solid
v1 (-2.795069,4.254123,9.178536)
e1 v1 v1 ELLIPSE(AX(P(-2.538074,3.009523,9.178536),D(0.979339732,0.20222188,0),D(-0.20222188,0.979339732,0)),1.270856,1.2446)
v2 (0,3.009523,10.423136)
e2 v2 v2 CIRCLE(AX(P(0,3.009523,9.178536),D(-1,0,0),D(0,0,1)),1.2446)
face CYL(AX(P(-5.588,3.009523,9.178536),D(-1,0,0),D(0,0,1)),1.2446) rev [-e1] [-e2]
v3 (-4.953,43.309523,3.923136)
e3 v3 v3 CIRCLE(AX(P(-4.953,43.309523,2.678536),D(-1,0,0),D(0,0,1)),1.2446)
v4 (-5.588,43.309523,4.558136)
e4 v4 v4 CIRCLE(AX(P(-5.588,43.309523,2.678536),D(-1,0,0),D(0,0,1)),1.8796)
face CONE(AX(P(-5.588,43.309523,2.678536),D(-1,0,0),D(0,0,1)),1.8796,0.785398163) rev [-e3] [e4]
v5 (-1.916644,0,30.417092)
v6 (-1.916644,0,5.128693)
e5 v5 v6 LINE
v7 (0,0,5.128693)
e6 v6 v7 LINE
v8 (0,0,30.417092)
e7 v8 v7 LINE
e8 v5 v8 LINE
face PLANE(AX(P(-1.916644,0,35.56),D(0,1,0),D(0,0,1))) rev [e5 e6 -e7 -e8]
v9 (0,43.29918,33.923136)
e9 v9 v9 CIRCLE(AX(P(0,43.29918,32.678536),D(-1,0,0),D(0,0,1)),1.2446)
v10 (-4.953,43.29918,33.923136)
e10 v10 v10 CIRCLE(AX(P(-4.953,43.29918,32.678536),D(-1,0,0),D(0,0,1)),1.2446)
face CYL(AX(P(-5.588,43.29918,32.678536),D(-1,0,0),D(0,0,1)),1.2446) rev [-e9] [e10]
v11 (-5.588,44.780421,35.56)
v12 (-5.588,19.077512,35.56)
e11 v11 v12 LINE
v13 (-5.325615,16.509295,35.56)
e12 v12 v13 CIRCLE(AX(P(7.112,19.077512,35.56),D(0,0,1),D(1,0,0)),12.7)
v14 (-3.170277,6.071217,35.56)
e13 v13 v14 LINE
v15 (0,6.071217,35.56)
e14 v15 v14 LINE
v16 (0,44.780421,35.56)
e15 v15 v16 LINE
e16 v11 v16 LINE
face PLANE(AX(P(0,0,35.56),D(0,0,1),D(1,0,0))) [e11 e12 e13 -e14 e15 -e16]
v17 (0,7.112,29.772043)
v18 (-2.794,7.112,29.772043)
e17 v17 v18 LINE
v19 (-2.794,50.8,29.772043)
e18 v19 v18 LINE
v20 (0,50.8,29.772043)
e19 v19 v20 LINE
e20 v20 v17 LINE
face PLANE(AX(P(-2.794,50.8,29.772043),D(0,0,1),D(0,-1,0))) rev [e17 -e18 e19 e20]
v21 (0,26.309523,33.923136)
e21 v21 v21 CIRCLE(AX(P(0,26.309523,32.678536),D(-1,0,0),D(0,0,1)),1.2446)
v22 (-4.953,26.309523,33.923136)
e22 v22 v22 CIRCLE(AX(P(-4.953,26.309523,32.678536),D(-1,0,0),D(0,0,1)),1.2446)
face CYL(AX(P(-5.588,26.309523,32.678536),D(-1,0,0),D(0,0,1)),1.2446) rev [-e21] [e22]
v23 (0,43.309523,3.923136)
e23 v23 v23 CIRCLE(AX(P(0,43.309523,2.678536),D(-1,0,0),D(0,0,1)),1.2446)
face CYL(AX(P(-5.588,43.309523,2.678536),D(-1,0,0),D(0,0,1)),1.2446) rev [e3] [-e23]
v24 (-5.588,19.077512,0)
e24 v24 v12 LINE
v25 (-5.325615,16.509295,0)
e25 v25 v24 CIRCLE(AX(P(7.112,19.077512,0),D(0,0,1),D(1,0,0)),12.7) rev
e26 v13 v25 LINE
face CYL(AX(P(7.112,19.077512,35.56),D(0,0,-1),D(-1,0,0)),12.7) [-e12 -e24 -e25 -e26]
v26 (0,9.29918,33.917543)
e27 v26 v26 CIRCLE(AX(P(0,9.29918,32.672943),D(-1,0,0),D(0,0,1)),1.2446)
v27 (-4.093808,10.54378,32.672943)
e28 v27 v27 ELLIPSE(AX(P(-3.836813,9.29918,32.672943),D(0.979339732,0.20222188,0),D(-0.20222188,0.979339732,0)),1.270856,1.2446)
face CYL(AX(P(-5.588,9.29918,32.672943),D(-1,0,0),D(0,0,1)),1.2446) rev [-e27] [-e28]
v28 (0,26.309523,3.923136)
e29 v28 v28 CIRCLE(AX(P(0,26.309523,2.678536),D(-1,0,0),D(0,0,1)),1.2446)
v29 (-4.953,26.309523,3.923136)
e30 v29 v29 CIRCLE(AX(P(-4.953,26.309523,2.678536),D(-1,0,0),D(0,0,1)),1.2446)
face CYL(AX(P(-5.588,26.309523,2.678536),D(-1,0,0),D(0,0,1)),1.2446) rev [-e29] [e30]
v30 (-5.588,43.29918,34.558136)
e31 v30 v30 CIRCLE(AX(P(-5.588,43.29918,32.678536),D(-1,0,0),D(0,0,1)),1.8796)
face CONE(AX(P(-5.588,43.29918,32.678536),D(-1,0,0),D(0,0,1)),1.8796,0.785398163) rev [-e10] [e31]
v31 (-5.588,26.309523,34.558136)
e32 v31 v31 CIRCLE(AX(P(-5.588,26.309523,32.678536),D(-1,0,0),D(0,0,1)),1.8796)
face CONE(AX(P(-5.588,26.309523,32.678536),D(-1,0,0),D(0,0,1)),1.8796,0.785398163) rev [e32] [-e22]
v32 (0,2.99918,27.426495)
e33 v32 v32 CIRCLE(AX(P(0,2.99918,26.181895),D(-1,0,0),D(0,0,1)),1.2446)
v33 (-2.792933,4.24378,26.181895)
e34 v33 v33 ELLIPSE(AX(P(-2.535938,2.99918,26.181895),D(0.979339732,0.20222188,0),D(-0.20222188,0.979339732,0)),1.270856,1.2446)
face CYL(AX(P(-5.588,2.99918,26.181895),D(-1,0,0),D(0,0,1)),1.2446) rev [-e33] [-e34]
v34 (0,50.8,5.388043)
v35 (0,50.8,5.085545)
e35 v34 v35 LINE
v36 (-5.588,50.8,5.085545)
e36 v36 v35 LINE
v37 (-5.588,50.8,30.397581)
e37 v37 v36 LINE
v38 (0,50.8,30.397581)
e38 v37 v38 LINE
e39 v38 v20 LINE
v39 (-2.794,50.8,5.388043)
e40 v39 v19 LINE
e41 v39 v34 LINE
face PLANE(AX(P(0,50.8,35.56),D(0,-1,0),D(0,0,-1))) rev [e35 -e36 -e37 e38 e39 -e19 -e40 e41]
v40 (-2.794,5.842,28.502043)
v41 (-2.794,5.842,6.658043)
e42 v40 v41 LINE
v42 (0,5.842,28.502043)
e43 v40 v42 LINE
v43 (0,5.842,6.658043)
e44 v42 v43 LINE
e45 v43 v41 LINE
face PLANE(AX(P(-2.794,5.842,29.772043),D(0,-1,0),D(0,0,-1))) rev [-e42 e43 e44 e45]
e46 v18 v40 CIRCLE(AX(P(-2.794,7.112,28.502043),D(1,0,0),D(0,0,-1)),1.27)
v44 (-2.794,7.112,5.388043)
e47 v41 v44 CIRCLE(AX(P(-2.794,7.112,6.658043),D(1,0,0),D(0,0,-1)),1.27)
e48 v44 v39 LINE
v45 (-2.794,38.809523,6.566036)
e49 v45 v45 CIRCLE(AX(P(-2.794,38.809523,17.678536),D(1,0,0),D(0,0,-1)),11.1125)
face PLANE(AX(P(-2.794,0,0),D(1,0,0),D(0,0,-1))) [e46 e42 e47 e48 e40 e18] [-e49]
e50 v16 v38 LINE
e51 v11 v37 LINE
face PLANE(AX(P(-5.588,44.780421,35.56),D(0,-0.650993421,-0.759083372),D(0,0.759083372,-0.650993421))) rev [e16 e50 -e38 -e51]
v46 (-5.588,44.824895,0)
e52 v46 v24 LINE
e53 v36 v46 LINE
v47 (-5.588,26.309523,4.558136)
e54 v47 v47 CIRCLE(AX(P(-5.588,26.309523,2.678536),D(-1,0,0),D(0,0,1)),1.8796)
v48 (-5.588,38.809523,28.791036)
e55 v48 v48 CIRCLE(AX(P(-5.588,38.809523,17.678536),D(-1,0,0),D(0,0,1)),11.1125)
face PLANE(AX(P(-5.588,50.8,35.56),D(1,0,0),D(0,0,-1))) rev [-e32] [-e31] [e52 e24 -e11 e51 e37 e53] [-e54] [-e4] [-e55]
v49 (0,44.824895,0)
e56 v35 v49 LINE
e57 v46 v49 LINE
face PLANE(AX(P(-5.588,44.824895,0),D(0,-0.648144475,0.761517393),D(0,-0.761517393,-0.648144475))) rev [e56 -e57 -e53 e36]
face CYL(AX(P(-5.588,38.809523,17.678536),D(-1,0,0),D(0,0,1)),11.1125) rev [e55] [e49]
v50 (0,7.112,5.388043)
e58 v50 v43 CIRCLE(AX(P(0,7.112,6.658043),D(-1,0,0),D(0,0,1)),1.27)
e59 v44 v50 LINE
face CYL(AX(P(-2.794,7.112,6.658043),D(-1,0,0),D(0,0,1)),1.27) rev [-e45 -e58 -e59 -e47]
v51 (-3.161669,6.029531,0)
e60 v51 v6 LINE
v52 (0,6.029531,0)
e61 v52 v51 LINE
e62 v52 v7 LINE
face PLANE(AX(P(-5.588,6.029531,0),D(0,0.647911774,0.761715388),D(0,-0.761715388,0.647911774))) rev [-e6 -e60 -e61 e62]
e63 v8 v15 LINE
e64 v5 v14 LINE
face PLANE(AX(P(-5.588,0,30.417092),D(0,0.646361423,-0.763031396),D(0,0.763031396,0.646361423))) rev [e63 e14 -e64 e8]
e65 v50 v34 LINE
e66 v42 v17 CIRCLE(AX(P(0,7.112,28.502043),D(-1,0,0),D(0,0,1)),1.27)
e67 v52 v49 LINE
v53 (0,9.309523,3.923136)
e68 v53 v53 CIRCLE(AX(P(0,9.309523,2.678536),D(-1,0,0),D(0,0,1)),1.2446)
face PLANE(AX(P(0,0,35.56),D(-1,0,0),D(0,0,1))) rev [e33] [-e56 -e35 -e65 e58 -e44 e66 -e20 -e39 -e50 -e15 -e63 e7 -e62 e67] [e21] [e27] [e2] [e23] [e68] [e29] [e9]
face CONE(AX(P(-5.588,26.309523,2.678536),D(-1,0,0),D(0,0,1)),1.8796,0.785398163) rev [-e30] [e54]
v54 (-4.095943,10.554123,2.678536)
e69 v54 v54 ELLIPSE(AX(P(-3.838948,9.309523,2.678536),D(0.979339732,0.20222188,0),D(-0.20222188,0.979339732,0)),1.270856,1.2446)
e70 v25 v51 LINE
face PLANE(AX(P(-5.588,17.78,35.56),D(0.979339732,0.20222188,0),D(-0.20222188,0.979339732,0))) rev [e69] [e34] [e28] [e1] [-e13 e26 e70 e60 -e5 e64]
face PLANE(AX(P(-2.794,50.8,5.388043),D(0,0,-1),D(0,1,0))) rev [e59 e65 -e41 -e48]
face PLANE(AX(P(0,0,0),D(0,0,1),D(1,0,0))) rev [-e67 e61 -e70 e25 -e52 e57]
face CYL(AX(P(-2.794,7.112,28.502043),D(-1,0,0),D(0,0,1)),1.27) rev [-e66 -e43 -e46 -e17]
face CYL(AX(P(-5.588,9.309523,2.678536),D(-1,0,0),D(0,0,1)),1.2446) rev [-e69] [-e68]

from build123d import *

# Parameters (mm, degrees)
BOSS_EXTRUDE1_DEPTH                   = 35.56
FILLET1_R                             = 12.7
SKETCH6_W                             = 24.384
SKETCH6_H                             = 44.958
CUT_EXTRUDE1_DEPTH                    = 2.794
FILLET2_R                             = 1.27
CUT_EXTRUDE3_DEPTH                    = 63.260576162
CUT_EXTRUDE4_DEPTH                    = 63.260576162
F_7_8_0_875_DIAMETER_HOLE1_D          = 22.225
F_40_0_098_DIAMETER_HOLE1_D           = 2.4892
F_40_0_098_DIAMETER_HOLE1_CSINK_D     = 3.7592
F_40_0_098_DIAMETER_HOLE1_CSINK_ANGLE = 90


with BuildPart() as part:
    # Sketch1 → Boss-Extrude1 (new body)
    with BuildSketch(Plane.XY):
        Polygon((0, 0), (0, 50.8), (-5.588, 50.8), (-5.588, 17.78), (-1.916643762, 0), align=None)
    extrude(amount=BOSS_EXTRUDE1_DEPTH)

    # Fillet1
    fillet1_edges = [part.edges().sort_by_distance(p)[0] for p in [
        (-5.588, 17.78, 17.78),
    ]]
    fillet(fillet1_edges, radius=FILLET1_R)

    # Sketch6 → Cut-Extrude1 (cut)
    with BuildSketch(Plane(origin=(0, 0, 0), x_dir=(0, 0, -1), z_dir=(1, 0, 0))):
        with Locations((-17.580042727, 28.321)):
            Rectangle(SKETCH6_W, SKETCH6_H)
    extrude(amount=-CUT_EXTRUDE1_DEPTH, mode=Mode.SUBTRACT)

    # Fillet2
    fillet2_edges = [part.edges().sort_by_distance(p)[0] for p in [
        (-1.397, 5.842, 29.772042727),
        (-1.397, 5.842, 5.388042727),
    ]]
    fillet(fillet2_edges, radius=FILLET2_R)

    # Sketch10 → Cut-Extrude3 (cut, through all)
    with BuildSketch(Plane(origin=(0, 0, 0), x_dir=(0, 0, -1), z_dir=(1, 0, 0))):
        Polygon((-35.56, 44.780420684), (-30.397580851, 50.8), (-35.56, 50.8), align=None)
    extrude(amount=-CUT_EXTRUDE3_DEPTH, mode=Mode.SUBTRACT)

    # Sketch11 → Cut-Extrude4 (cut, through all)
    with BuildSketch(Plane(origin=(0, 0, 0), x_dir=(0, 0, -1), z_dir=(1, 0, 0))):
        Polygon((-5.085545117, 50.8), (0, 50.8), (0, 44.824895363), align=None)
        Polygon((0, 6.029531172), (-5.128692816, 0), (0, 0), align=None)
        Polygon((-35.56, 6.07121688), (-35.56, 0), (-30.417091858, 0), align=None)
    extrude(amount=-CUT_EXTRUDE4_DEPTH, mode=Mode.SUBTRACT)

    # 7/8 (0.875) Diameter Hole1 (through all)
    with Locations(Plane.ZY.offset(5.588)):
        with Locations((17.678535919, 38.809523369)):
            Hole(F_7_8_0_875_DIAMETER_HOLE1_D / 2)

    # #40 (0.098) Diameter Hole1 (through all)
    with Locations(Plane.ZY.offset(5.588)):
        with Locations((2.678535919, 43.309523369), (2.678535919, 26.309523369), (2.678535919, 9.309523369), (9.178535919, 3.009523369), (26.181895158, 2.999179942), (32.672942909, 9.299179942), (32.678535919, 26.309523369), (32.678535919, 43.299179942)):
            CounterSinkHole(F_40_0_098_DIAMETER_HOLE1_D / 2, F_40_0_098_DIAMETER_HOLE1_CSINK_D / 2, counter_sink_angle=F_40_0_098_DIAMETER_HOLE1_CSINK_ANGLE)


solid = part.part
